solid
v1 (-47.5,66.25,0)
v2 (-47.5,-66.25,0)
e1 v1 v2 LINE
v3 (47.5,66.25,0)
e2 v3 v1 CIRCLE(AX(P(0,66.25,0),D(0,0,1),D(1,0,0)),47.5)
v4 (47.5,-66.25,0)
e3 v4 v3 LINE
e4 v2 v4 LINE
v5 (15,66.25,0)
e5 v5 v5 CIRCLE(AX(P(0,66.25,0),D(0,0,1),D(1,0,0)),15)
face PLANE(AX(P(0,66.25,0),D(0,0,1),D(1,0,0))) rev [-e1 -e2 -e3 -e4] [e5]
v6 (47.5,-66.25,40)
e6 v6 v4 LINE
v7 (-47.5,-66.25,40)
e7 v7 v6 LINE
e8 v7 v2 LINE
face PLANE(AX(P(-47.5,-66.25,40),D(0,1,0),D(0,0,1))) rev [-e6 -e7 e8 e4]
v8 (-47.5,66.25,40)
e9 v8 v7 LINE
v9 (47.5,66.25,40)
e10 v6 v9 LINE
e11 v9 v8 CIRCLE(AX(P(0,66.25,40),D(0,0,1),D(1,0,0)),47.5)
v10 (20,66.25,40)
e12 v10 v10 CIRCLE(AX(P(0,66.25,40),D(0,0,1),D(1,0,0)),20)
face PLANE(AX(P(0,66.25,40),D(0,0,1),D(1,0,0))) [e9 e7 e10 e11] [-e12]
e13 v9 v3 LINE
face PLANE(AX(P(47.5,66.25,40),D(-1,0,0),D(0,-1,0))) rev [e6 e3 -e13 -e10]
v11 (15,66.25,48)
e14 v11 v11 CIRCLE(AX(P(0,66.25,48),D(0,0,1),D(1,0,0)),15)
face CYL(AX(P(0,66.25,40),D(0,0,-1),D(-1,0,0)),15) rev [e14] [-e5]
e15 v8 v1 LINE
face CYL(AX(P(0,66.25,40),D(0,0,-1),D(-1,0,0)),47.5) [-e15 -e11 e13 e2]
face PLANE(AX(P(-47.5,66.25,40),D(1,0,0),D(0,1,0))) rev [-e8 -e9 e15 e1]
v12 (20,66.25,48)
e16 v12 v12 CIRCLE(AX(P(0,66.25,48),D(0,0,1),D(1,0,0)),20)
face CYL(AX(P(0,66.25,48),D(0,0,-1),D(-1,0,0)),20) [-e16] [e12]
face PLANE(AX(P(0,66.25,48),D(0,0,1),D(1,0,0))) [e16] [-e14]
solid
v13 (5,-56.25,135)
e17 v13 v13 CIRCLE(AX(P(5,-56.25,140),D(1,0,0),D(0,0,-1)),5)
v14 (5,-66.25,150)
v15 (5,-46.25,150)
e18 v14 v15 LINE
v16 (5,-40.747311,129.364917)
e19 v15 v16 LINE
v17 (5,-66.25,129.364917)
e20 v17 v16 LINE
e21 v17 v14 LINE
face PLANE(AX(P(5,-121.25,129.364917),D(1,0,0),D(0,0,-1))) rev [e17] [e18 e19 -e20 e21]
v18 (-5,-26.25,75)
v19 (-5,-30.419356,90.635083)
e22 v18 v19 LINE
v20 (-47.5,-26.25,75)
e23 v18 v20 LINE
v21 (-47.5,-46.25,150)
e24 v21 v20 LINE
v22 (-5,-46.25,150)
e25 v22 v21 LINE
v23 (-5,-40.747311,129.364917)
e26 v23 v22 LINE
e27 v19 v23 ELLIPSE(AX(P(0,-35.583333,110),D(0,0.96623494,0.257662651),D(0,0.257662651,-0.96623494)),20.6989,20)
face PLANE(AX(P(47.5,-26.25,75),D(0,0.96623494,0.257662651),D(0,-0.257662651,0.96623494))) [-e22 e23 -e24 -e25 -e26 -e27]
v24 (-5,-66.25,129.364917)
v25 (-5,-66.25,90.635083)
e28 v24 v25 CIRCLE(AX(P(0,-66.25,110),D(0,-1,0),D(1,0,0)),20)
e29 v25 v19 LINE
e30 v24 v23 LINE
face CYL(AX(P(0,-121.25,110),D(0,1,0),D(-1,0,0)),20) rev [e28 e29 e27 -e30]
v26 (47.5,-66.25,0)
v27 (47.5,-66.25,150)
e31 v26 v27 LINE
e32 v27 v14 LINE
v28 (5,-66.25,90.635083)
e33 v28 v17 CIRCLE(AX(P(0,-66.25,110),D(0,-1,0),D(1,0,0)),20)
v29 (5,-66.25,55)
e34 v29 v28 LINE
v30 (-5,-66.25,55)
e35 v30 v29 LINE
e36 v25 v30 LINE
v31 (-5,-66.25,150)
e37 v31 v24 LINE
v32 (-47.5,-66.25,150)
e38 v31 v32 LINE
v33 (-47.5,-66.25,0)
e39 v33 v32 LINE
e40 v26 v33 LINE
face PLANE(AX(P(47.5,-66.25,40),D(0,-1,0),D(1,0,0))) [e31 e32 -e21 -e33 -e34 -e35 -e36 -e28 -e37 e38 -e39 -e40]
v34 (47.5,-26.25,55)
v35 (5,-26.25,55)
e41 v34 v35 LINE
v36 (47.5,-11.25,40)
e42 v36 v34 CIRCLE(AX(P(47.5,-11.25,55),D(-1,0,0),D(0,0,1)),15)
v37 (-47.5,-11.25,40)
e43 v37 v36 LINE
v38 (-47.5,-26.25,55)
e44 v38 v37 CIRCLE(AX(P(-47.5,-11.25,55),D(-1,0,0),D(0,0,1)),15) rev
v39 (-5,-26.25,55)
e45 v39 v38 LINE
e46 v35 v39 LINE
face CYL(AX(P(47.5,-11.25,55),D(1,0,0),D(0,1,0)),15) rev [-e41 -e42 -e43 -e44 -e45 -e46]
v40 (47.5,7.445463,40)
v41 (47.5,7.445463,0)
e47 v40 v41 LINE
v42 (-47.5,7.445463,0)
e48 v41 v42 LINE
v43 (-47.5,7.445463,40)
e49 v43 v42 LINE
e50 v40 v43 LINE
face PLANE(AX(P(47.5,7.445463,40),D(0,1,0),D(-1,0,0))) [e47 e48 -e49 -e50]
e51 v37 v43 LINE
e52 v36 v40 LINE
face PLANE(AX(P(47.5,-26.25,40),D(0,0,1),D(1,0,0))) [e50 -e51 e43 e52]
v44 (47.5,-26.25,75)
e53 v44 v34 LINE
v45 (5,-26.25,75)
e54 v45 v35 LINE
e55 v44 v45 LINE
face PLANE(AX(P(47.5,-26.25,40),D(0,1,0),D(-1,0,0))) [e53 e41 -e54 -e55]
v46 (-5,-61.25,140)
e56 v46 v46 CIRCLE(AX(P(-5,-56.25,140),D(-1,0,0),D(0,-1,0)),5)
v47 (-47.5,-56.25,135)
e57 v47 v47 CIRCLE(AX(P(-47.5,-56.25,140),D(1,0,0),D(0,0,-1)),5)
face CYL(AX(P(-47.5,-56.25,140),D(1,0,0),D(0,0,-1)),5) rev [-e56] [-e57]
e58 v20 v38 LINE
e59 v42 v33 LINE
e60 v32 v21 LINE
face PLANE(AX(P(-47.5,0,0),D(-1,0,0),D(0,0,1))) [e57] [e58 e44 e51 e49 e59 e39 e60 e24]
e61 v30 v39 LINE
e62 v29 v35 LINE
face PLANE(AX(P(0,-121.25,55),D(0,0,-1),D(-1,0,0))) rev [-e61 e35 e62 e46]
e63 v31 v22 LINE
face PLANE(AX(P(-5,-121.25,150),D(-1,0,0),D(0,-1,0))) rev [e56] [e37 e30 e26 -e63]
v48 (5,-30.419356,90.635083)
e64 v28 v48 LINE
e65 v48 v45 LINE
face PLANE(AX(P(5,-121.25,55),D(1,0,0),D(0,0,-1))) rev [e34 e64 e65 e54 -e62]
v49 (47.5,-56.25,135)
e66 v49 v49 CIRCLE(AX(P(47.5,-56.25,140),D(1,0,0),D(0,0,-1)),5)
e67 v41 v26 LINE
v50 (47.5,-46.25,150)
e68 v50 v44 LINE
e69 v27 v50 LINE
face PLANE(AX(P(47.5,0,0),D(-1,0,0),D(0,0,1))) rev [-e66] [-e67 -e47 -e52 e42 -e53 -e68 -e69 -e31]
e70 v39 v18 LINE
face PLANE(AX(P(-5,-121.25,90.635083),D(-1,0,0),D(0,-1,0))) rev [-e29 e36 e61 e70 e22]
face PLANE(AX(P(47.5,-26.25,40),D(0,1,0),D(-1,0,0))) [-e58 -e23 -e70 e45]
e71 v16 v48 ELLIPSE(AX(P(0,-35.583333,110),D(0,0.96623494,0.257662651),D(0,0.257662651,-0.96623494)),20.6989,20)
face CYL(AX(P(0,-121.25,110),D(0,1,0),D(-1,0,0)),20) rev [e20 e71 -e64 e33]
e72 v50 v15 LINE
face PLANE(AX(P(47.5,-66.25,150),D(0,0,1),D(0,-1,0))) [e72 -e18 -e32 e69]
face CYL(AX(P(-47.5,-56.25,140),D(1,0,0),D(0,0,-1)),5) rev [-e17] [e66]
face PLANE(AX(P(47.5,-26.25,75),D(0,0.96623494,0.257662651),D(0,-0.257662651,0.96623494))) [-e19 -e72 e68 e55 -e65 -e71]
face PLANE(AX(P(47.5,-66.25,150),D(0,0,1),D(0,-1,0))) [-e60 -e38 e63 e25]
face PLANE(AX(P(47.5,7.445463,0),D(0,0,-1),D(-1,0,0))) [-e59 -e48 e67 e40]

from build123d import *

# Parameters (mm, degrees)
CROQUIS1_R              = 15
SALIENTE_EXTRUIR1_DEPTH = 40
SALIENTE_EXTRUIR2_DEPTH = 95
REDONDEO1_R             = 15
CORTAR_EXTRUIR1_DEPTH   = 95
CROQUIS4_R              = 5
CORTAR_EXTRUIR2_DEPTH   = 95
CROQUIS5_R              = 20
CROQUIS5_R_2            = 15
SALIENTE_EXTRUIR3_DEPTH = 8


with BuildPart() as part:
    # Croquis1 → Saliente-Extruir1 (new body)
    with BuildSketch(Plane.XY):
        with BuildLine():
            Line((-47.5, 66.25), (-47.5, -66.25))
            Line((-47.5, -66.25), (47.5, -66.25))
            Line((47.5, -66.25), (47.5, 66.25))
            ThreePointArc((47.5, 66.25), (0, 113.75), (-47.5, 66.25))
        make_face()
        with Locations((0, 66.25)):
            Circle(CROQUIS1_R, mode=Mode.SUBTRACT)
    extrude(amount=SALIENTE_EXTRUIR1_DEPTH)

    # Croquis5 → Saliente-Extruir3 (add)
    with BuildSketch(Plane.XY.offset(40)):
        with Locations((0, 66.25)):
            Circle(CROQUIS5_R)
        with Locations((0, 66.25)):
            Circle(CROQUIS5_R_2, mode=Mode.SUBTRACT)
    extrude(amount=SALIENTE_EXTRUIR3_DEPTH)


with BuildPart() as body_2:
    # Croquis2 → Saliente-Extruir2 (new body)
    with BuildSketch(Plane.ZY.offset(47.5)):
        Polygon((40, -26.25), (75, -26.25), (150, -46.25), (150, -66.25), (40, -66.25), (0, -66.25), (0, 7.445462918), (40, 7.445462918), align=None)
    extrude(amount=-SALIENTE_EXTRUIR2_DEPTH)

    # Redondeo1
    redondeo1_edges = [body_2.edges().sort_by_distance(p)[0] for p in [
        (0, -26.25, 40),
    ]]
    fillet(redondeo1_edges, radius=REDONDEO1_R)

    # Croquis3 → Cortar-Extruir1 (cut)
    with BuildSketch(Plane(origin=(0, -26.25, 0), x_dir=(1, 0, 0), z_dir=(0, 1, 0))):
        with BuildLine():
            Line((0, -55), (5, -55))
            Line((5, -55), (5, -90.635083269))
            ThreePointArc((5, -90.635083269), (20, -110), (5, -129.364916731))
            Line((5, -129.364916731), (5, -150))
            Line((5, -150), (-5, -150))
            Line((-5, -150), (-5, -129.364916731))
            ThreePointArc((-5, -129.364916731), (-20, -110), (-5, -90.635083269))
            Line((-5, -90.635083269), (-5, -55))
            Line((-5, -55), (0, -55))
        make_face()
    extrude(amount=-CORTAR_EXTRUIR1_DEPTH, mode=Mode.SUBTRACT)

    # Croquis4 → Cortar-Extruir2 (cut)
    with BuildSketch(Plane(origin=(47.5, 0, 0), x_dir=(0, 0, -1), z_dir=(1, 0, 0))):
        with Locations((-140, -56.25)):
            Circle(CROQUIS4_R)
    extrude(amount=-CORTAR_EXTRUIR2_DEPTH, mode=Mode.SUBTRACT)


solid = Compound([part.part, body_2.part])
